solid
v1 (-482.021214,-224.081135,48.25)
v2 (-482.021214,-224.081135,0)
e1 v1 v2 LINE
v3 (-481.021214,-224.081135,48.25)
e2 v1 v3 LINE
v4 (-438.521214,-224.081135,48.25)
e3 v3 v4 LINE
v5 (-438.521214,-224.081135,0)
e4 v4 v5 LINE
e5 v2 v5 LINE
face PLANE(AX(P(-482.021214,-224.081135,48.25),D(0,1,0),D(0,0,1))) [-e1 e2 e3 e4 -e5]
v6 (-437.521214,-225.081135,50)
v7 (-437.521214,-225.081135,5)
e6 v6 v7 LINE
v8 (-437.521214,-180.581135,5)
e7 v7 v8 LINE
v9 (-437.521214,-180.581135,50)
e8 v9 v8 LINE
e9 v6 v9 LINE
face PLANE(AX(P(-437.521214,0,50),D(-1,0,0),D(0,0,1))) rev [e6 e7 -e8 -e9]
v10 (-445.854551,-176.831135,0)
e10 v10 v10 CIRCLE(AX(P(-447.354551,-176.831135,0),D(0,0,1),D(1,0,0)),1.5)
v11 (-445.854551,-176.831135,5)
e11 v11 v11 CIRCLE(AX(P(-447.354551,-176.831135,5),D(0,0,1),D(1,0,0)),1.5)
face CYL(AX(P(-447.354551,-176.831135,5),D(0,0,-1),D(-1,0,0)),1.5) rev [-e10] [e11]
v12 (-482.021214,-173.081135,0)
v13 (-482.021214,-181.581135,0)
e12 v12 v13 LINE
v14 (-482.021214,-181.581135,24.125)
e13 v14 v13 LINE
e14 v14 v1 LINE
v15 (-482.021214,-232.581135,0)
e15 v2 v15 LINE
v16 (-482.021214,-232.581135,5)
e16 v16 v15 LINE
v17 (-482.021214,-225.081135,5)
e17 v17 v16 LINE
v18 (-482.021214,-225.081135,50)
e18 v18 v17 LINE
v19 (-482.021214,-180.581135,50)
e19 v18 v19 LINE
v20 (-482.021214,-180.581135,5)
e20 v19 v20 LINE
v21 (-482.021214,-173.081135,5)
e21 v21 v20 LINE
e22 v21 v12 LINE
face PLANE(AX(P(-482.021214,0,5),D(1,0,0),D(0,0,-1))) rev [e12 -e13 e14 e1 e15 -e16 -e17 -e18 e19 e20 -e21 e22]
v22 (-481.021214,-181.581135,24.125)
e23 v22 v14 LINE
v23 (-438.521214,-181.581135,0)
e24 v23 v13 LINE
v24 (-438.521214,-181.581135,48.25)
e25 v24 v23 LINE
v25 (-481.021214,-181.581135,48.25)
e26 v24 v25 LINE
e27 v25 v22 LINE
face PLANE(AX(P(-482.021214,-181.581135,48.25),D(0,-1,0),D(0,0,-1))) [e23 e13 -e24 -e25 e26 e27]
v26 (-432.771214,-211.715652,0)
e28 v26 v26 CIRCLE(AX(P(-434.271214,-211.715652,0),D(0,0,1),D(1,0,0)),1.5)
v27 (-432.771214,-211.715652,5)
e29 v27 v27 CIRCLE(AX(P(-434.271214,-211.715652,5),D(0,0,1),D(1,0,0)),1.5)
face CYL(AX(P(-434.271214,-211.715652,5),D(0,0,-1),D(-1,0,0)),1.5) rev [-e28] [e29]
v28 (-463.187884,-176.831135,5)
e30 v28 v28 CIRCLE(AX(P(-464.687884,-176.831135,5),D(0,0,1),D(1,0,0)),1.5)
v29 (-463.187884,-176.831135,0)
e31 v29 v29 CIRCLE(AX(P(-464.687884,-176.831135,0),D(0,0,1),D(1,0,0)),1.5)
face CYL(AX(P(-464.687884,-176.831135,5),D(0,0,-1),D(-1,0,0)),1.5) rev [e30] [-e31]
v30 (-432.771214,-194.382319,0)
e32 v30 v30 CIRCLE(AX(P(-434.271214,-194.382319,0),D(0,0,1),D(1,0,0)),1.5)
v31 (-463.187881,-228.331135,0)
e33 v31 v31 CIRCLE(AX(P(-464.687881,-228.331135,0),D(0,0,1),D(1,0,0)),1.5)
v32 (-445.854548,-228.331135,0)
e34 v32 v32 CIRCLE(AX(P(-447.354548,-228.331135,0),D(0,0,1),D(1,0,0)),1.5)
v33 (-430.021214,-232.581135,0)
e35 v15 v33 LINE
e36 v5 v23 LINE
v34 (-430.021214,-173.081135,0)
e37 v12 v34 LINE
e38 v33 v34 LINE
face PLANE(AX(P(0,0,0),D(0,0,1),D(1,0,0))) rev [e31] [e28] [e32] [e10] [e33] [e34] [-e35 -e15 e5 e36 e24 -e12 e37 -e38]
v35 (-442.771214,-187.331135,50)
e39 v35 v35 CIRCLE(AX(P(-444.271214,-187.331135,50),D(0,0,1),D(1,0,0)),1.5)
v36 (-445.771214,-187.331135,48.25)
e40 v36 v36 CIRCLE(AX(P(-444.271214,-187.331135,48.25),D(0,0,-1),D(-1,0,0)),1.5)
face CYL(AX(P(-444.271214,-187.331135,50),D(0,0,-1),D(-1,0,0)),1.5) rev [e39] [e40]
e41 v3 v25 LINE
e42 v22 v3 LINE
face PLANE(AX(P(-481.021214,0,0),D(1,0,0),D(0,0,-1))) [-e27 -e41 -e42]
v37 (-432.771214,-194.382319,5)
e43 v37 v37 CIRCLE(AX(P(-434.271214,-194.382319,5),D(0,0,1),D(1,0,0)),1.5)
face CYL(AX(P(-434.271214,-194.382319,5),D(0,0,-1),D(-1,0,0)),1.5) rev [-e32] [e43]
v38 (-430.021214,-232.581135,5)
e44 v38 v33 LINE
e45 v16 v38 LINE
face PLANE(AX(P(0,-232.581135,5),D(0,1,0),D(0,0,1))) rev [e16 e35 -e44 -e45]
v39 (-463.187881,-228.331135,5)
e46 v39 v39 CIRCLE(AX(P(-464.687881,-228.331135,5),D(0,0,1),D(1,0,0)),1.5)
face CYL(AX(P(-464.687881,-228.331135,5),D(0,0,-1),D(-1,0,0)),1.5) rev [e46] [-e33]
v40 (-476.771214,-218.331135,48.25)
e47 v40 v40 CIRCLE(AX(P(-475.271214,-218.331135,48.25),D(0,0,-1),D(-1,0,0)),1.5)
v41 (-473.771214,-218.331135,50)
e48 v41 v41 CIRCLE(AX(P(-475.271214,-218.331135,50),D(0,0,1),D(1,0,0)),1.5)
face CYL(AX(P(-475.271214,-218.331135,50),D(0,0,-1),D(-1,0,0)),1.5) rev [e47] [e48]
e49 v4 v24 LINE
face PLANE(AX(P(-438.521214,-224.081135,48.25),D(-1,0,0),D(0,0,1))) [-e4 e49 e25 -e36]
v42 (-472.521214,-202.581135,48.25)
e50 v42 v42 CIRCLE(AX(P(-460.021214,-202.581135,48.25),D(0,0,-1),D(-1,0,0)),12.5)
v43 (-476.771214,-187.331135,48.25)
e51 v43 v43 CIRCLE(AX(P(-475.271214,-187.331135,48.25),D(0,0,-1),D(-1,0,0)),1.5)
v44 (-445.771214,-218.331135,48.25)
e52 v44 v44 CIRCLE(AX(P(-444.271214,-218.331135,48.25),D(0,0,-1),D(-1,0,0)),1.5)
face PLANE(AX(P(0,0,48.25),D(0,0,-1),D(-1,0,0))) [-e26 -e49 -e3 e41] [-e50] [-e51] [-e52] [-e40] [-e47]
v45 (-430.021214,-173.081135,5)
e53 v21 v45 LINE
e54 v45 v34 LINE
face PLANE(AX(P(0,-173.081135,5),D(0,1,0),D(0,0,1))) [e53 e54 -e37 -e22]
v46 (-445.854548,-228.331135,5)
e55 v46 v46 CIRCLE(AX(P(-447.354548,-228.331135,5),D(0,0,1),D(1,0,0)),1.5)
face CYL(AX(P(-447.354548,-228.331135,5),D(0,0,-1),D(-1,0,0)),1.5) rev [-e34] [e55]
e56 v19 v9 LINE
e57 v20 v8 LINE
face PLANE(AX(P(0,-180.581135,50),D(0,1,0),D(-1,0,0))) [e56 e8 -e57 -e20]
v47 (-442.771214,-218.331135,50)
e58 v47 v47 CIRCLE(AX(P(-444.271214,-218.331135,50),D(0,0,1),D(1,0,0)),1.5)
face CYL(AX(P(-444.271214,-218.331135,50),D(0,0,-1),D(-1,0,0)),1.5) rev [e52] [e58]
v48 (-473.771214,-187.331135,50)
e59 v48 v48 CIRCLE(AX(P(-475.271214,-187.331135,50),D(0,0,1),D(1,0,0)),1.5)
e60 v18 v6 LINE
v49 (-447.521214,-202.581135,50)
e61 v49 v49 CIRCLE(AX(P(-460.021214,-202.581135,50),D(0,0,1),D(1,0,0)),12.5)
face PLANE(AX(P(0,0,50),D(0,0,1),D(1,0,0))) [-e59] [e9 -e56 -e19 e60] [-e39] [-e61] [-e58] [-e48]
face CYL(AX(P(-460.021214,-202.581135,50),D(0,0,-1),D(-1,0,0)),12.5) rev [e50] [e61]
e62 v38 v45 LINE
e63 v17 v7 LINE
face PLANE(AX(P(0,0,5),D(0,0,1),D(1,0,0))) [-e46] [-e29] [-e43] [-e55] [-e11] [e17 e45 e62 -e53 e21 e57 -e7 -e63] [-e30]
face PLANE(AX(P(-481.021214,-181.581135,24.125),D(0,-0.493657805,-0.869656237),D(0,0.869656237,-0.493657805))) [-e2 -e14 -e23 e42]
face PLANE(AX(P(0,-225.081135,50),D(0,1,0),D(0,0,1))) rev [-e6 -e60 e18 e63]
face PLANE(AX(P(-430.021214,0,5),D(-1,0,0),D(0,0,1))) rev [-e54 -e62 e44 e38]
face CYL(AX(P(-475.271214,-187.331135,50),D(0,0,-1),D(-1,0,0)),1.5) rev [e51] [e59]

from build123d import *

# Parameters (mm, degrees)
SKETCH6_R           = 1.5
BOSS_EXTRUDE4_DEPTH = 5
SKETCH8_W           = 44.5
SKETCH8_H           = 44.5
SKETCH8_R           = 1.5
SKETCH8_R_2         = 12.5
BOSS_EXTRUDE5_DEPTH = 50
SKETCH7_W           = 43.5
SKETCH7_H           = 42.5
CUT_EXTRUDE4_DEPTH  = 48.25
BOSS_EXTRUDE6_DEPTH = 1


with BuildPart() as part:
    # Sketch6 → Boss-Extrude4 (new body)
    with BuildSketch(Plane.XY):
        Polygon((-437.521213625, -225.081134847), (-482.021213625, -225.081134847), (-482.021213625, -232.581134847), (-430.021213625, -232.581134847), (-430.021213625, -173.081134847), (-482.021213625, -173.081134847), (-482.021213625, -180.581134847), (-437.521213625, -180.581134847), align=None)
        with Locations((-464.687880625, -228.331134847)):
            Circle(SKETCH6_R, mode=Mode.SUBTRACT)
        with Locations((-447.354547625, -228.331134847)):
            Circle(SKETCH6_R, mode=Mode.SUBTRACT)
        with Locations((-434.271213625, -211.715651861)):
            Circle(SKETCH6_R, mode=Mode.SUBTRACT)
        with Locations((-464.687883625, -176.831134847)):
            Circle(SKETCH6_R, mode=Mode.SUBTRACT)
        with Locations((-434.271213625, -194.382318861)):
            Circle(SKETCH6_R, mode=Mode.SUBTRACT)
        with Locations((-447.354550625, -176.831134847)):
            Circle(SKETCH6_R, mode=Mode.SUBTRACT)
    extrude(amount=BOSS_EXTRUDE4_DEPTH)

    # Sketch8 → Boss-Extrude5 (add)
    with BuildSketch(Plane.XY):
        with Locations((-459.771213625, -202.831134847)):
            Rectangle(SKETCH8_W, SKETCH8_H)
        with Locations((-475.271213625, -218.331134847)):
            Circle(SKETCH8_R, mode=Mode.SUBTRACT)
        with Locations((-444.271213625, -218.331134847)):
            Circle(SKETCH8_R, mode=Mode.SUBTRACT)
        with Locations((-444.271213625, -187.331134847)):
            Circle(SKETCH8_R, mode=Mode.SUBTRACT)
        with Locations((-475.271213625, -187.331134847)):
            Circle(SKETCH8_R, mode=Mode.SUBTRACT)
        with Locations((-460.021213625, -202.581134847)):
            Circle(SKETCH8_R_2, mode=Mode.SUBTRACT)
    extrude(amount=BOSS_EXTRUDE5_DEPTH)

    # Sketch7 → Cut-Extrude4 (cut)
    with BuildSketch(Plane.XY):
        with Locations((-460.271213625, -202.831134847)):
            Rectangle(SKETCH7_W, SKETCH7_H)
    extrude(amount=CUT_EXTRUDE4_DEPTH, mode=Mode.SUBTRACT)

    # Sketch10 → Boss-Extrude6 (add)
    with BuildSketch(Plane.ZY.offset(482.021213625)):
        Polygon((24.125, -181.581134847), (48.25, -224.081134847), (48.25, -181.581134847), align=None)
    extrude(amount=-BOSS_EXTRUDE6_DEPTH)


solid = part.part
